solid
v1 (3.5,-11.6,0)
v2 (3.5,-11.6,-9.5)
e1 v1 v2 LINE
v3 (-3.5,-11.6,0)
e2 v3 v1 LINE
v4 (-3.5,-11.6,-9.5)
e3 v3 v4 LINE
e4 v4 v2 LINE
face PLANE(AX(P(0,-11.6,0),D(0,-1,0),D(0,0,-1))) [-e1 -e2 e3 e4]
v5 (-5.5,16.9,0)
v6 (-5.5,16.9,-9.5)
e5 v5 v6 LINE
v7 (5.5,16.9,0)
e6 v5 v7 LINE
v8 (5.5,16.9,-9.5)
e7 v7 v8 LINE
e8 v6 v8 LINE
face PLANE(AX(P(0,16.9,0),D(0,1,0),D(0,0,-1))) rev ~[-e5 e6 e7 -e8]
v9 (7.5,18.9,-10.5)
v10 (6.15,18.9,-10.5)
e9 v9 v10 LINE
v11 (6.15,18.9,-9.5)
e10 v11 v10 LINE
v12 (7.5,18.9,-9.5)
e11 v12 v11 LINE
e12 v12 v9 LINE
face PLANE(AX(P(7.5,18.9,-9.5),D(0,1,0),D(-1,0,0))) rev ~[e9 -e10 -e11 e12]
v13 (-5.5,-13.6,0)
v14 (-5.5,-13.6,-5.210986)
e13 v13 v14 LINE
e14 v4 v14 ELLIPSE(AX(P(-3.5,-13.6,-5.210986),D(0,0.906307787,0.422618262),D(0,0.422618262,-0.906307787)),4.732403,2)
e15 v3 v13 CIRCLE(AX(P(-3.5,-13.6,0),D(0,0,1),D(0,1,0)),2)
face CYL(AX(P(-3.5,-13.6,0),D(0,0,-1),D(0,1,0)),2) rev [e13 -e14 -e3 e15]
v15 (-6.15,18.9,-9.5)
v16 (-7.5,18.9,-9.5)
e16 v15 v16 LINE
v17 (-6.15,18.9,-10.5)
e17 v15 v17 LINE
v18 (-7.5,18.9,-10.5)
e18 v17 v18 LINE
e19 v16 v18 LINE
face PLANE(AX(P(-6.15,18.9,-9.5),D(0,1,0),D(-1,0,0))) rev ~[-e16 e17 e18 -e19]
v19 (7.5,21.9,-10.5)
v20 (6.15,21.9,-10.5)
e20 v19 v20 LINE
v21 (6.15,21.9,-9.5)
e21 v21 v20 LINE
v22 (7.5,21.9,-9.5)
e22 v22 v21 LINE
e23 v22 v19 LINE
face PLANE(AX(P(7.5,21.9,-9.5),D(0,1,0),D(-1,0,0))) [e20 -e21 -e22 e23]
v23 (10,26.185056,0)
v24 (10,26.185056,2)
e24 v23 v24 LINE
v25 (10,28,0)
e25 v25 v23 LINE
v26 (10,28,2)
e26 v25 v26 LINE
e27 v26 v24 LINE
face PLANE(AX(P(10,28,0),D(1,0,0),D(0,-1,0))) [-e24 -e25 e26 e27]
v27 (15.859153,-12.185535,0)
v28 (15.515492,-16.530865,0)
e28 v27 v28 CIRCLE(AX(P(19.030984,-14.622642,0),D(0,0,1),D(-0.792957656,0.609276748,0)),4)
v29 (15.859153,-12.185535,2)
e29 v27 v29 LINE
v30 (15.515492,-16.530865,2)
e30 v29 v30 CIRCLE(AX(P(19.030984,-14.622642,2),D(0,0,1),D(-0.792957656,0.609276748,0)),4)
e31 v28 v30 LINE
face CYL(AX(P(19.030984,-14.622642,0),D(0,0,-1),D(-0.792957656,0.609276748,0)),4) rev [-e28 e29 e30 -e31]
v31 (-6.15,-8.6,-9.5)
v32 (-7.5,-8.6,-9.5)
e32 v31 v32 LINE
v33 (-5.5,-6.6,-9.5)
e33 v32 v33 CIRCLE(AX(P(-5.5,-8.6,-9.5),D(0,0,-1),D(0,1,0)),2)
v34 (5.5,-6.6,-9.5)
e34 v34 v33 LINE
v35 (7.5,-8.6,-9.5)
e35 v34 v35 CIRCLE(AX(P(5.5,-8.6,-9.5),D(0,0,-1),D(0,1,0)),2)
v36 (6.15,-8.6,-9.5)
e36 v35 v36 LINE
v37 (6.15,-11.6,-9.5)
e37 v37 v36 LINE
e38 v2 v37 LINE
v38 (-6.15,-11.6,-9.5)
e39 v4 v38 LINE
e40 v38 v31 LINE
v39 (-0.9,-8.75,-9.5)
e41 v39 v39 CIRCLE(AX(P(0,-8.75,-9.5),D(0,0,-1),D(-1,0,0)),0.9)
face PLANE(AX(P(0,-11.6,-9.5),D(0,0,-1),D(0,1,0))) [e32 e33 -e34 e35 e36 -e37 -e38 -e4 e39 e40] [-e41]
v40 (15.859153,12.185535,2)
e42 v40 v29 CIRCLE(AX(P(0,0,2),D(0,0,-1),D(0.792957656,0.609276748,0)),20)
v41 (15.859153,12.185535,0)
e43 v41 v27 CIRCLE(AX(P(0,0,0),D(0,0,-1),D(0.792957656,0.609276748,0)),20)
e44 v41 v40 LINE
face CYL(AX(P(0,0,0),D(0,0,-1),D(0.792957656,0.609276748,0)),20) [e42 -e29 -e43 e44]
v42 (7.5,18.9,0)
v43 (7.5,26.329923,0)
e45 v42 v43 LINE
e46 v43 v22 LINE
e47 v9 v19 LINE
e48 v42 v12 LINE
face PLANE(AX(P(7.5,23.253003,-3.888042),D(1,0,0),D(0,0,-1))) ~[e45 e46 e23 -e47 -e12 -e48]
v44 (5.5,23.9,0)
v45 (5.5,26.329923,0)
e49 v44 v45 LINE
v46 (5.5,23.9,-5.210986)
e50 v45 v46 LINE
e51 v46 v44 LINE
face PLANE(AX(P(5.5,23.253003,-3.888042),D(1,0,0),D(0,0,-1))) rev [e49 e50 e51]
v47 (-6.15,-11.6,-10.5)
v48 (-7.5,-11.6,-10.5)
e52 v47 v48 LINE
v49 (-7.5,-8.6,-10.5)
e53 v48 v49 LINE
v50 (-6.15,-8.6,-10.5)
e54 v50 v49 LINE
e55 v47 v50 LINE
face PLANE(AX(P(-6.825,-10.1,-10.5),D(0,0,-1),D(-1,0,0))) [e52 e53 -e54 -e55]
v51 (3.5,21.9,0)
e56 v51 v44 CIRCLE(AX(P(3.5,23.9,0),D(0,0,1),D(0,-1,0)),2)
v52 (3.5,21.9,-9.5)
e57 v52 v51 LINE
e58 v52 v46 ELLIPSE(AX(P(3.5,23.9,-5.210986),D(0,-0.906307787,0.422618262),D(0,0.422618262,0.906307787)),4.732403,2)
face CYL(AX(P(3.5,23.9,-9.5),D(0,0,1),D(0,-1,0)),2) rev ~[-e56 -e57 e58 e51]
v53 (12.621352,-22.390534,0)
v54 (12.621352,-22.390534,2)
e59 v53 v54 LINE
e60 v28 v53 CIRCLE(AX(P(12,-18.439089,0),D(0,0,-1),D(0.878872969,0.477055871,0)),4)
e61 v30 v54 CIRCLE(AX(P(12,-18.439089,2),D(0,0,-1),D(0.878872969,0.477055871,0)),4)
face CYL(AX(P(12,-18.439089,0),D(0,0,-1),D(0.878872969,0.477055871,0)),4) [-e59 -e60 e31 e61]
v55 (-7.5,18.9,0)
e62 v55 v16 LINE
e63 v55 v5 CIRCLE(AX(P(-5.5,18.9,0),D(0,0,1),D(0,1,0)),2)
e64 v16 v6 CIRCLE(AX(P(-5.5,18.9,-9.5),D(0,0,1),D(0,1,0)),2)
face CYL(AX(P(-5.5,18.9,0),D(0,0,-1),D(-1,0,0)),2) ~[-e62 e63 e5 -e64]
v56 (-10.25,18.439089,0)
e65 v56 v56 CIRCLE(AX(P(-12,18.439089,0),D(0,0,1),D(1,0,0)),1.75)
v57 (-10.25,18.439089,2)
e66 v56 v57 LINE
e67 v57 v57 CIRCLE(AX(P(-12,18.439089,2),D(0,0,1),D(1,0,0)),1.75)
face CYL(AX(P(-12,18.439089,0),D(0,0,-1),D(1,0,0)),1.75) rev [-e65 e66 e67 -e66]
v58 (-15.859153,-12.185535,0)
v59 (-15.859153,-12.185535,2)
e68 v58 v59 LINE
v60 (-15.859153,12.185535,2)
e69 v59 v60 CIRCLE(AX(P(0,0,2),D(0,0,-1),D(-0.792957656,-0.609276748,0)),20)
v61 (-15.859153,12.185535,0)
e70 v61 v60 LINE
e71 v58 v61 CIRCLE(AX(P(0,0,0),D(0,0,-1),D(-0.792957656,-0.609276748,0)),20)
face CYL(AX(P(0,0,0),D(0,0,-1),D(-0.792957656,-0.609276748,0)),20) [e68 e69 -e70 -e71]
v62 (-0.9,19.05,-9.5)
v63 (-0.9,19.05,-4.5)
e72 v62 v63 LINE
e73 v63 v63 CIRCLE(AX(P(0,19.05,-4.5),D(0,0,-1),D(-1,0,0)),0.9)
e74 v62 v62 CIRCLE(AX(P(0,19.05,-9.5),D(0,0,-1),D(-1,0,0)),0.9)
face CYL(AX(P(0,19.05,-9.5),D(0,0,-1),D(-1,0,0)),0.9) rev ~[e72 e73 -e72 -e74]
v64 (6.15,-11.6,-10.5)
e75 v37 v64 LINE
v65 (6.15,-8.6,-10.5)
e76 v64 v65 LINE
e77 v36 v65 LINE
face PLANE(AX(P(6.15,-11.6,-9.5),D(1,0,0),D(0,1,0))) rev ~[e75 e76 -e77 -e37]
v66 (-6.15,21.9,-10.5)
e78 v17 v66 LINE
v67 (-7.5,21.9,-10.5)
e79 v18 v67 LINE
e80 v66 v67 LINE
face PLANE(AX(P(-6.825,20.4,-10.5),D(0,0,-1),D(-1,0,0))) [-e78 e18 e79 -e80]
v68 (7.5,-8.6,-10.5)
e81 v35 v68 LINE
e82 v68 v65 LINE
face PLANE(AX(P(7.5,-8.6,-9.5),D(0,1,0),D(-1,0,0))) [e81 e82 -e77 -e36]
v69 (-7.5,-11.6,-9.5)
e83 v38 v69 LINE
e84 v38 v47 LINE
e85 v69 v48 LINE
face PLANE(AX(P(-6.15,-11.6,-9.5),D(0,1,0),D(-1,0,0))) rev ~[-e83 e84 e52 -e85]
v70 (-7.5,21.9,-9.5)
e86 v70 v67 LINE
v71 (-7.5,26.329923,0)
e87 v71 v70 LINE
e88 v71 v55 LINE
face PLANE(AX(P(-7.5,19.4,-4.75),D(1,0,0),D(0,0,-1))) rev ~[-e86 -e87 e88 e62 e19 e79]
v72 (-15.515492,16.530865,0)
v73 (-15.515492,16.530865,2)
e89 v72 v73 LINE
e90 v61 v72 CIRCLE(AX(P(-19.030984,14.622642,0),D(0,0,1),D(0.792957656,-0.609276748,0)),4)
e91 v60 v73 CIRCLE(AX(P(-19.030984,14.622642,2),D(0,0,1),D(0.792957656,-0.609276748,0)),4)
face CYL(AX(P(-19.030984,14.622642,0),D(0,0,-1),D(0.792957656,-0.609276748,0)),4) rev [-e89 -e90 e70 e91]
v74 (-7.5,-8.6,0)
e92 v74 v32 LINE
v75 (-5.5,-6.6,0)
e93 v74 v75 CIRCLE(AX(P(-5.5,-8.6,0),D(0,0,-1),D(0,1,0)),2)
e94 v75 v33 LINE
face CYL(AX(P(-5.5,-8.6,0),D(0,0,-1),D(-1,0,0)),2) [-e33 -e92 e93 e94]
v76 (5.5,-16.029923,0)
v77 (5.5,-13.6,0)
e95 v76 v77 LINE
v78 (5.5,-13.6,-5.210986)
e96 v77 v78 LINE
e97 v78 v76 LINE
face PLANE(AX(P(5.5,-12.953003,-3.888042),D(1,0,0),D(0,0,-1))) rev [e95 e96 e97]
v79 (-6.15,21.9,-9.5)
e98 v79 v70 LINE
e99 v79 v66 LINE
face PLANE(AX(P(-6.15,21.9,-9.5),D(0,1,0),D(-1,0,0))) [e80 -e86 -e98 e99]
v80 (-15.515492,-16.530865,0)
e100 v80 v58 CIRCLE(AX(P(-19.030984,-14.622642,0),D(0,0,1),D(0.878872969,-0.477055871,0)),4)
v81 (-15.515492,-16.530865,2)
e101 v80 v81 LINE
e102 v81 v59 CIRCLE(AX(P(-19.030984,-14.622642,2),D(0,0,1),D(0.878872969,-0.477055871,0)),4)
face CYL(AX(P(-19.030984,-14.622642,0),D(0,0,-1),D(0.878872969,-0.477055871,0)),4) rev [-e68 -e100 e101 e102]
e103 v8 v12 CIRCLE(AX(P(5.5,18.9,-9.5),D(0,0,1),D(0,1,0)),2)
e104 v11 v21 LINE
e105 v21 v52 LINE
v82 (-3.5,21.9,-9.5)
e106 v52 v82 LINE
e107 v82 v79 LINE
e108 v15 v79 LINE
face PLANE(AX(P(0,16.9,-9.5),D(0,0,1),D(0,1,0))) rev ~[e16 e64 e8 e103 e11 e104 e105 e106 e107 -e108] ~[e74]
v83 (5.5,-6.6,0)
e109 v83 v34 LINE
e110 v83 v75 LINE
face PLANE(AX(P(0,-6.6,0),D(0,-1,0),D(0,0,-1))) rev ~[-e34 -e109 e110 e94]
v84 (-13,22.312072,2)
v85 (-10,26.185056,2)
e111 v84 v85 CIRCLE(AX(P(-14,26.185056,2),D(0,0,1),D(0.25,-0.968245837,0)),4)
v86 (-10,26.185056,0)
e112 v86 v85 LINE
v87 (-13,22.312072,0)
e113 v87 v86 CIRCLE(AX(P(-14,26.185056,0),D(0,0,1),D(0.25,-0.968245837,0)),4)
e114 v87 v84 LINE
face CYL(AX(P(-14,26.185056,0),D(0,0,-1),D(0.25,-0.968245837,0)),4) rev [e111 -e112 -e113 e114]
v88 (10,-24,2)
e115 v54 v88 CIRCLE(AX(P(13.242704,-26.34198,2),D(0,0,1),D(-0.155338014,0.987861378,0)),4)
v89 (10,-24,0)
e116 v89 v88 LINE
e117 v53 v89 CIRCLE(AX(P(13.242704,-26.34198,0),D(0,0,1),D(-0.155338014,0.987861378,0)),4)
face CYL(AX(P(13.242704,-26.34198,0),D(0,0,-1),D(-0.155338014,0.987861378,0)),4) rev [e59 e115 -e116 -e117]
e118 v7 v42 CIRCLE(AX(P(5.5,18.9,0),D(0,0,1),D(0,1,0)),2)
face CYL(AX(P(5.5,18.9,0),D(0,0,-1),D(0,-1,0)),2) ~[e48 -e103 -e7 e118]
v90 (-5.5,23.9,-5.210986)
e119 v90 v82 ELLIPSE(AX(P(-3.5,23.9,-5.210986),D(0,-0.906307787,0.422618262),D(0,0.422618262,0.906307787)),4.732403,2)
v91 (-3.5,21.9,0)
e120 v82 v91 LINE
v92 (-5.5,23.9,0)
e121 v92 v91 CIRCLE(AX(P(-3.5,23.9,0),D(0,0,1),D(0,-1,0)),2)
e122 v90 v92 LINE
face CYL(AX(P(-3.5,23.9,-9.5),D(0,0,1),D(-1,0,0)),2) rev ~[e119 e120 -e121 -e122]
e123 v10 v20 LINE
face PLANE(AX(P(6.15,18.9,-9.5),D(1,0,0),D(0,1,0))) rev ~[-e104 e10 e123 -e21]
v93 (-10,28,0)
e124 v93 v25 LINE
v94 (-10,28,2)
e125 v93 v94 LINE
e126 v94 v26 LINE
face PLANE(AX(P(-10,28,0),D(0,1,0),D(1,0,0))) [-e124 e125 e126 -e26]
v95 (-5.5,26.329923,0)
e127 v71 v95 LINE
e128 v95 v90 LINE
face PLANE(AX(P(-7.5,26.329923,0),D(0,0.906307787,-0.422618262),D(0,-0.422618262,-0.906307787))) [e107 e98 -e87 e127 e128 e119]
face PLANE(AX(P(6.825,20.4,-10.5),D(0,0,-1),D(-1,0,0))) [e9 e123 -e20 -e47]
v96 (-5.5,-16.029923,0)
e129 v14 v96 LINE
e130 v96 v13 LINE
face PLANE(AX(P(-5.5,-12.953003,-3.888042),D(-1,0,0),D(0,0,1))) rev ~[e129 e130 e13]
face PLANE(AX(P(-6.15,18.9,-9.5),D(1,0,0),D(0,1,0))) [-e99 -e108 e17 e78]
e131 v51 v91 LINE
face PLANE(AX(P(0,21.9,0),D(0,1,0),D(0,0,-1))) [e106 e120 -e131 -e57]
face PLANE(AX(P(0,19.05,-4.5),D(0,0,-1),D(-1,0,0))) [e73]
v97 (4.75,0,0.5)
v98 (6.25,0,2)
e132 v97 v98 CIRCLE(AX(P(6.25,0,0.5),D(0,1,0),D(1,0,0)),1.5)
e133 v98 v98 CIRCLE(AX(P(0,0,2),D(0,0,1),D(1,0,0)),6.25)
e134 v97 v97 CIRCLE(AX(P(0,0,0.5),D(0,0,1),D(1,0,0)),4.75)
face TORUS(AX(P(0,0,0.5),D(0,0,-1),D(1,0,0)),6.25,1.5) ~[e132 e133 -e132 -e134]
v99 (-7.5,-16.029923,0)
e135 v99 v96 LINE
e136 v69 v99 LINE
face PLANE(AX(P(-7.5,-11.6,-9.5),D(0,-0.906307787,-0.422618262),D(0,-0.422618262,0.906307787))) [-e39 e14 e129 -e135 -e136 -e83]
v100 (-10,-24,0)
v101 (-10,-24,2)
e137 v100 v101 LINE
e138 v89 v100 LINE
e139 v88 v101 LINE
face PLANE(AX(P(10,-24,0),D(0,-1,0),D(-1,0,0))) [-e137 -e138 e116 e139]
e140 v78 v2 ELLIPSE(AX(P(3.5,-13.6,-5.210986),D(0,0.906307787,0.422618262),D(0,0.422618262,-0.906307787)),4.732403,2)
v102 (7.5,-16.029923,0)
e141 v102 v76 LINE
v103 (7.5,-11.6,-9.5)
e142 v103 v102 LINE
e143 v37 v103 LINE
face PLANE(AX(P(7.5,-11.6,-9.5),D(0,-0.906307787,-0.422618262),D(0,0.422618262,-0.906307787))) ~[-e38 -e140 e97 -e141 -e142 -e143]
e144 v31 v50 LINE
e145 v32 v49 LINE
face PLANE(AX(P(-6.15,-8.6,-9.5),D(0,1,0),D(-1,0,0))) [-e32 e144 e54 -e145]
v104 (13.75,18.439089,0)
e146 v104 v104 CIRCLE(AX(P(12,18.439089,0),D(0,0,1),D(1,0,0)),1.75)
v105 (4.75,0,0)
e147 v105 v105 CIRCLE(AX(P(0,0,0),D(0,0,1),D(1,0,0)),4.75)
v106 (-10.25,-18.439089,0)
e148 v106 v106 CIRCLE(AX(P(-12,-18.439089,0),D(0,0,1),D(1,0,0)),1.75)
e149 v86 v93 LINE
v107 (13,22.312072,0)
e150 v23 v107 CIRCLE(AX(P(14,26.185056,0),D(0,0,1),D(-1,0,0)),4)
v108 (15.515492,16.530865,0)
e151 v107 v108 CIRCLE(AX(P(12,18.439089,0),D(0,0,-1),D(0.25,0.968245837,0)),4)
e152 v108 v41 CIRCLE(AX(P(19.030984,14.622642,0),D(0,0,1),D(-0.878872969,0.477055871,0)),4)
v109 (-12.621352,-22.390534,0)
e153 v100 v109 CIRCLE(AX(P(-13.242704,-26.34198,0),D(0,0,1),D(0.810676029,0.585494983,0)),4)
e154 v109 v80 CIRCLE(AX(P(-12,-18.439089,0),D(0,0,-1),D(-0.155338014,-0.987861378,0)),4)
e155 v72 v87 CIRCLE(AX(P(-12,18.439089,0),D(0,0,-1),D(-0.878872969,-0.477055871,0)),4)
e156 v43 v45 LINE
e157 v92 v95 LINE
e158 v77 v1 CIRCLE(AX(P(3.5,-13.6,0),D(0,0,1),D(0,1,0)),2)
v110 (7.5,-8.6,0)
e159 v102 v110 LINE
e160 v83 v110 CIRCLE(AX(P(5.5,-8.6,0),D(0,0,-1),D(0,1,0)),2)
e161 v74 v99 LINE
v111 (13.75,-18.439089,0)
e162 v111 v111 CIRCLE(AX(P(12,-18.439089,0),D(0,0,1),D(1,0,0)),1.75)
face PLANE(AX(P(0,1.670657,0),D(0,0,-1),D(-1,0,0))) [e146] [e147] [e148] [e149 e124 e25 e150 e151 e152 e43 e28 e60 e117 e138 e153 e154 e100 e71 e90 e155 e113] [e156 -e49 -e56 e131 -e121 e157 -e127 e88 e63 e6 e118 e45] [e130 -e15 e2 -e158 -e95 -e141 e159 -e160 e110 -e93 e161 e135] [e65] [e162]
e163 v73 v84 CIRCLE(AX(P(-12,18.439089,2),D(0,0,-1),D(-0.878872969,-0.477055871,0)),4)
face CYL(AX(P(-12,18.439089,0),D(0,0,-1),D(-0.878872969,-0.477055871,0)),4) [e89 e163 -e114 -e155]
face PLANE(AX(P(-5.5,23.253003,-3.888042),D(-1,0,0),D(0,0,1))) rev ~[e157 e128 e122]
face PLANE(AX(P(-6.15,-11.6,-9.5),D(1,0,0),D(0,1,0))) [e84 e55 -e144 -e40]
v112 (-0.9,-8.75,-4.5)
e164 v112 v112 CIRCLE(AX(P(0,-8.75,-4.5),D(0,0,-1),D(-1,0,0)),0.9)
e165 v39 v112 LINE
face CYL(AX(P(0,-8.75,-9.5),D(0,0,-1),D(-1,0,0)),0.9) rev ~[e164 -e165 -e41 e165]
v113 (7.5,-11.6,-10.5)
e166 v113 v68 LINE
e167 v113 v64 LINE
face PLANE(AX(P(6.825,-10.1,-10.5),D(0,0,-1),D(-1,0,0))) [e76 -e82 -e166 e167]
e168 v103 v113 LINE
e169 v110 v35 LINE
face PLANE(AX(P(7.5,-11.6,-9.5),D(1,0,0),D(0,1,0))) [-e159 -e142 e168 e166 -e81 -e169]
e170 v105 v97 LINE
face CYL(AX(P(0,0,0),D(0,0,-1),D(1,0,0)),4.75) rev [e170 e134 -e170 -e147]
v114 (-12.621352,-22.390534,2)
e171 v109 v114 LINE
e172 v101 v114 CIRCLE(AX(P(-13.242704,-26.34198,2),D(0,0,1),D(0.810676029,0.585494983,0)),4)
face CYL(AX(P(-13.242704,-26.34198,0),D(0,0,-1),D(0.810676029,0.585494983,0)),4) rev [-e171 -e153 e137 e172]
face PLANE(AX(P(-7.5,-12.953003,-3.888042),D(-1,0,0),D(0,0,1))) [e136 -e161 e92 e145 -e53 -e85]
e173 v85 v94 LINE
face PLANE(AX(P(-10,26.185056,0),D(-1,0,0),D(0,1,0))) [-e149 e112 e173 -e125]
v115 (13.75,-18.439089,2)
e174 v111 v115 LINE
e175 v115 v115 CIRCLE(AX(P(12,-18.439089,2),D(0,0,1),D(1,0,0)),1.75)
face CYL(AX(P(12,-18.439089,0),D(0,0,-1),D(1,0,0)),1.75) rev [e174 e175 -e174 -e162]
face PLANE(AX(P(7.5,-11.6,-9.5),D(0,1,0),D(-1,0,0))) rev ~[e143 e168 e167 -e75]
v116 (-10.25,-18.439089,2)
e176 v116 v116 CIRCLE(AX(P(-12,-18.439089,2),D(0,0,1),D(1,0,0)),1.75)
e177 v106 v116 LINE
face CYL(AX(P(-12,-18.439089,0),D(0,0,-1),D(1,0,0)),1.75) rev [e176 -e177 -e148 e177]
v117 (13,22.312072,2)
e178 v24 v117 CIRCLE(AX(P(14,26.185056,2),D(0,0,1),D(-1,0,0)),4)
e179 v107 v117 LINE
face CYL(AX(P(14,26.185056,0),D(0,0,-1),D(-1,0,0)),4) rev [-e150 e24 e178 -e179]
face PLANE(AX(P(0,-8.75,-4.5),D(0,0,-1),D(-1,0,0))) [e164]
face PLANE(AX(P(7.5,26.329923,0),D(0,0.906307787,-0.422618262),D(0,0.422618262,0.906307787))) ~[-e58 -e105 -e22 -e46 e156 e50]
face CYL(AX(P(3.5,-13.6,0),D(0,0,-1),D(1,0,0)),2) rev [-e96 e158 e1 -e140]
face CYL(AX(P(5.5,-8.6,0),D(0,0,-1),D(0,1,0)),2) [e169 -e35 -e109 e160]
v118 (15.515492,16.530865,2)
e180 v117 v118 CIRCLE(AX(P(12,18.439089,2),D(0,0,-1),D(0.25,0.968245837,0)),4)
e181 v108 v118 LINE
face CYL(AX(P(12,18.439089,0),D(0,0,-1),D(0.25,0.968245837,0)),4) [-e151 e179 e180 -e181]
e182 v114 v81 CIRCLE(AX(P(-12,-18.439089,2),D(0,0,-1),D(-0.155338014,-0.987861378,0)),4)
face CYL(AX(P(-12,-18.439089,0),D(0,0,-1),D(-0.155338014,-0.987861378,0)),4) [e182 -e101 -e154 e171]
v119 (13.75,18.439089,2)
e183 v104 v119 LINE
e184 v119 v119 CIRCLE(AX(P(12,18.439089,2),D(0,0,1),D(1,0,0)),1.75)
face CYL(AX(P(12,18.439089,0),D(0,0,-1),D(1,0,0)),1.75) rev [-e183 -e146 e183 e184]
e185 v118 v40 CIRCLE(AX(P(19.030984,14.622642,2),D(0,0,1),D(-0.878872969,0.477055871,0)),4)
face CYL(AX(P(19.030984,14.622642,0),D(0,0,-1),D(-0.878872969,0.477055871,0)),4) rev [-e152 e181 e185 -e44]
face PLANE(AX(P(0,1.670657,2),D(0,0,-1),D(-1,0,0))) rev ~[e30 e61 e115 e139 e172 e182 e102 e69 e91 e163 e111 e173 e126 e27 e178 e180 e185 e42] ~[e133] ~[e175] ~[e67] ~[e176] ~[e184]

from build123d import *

# Parameters (mm, degrees)
CROQUIS1_R              = 1.75
CROQUIS1_R_2            = 4.75
SALIENTE_EXTRUIR1_DEPTH = 2
REDONDEO1_R             = 1.5
CROQUIS2_W              = 9.5
CROQUIS2_H              = 5
SALIENTE_EXTRUIR2_DEPTH = 7.5
CROQUIS3_R              = 0.9
CORTAR_EXTRUIR1_DEPTH   = 5
SALIENTE_EXTRUIR3_DEPTH = 2
REDONDEO2_R             = 2
REDONDEO3_R             = 2
CROQUIS5_W              = 1.35
CROQUIS5_H              = 3
SALIENTE_EXTRUIR4_DEPTH = 1


with BuildPart() as part:
    # Croquis1 → Saliente-Extruir1 (new body)
    with BuildSketch(Plane.XY):
        with BuildLine():
            Line((10, -24), (8, -24))
            Line((8, -24), (-8, -24))
            Line((-8, -24), (-10, -24))
            ThreePointArc((-10, -24), (-11.149780948, -22.933215846), (-12.621352058, -22.390534425))
            ThreePointArc((-12.621352058, -22.390534425), (-15.586404832, -20.210444436), (-15.515491876, -16.530865429))
            ThreePointArc((-15.515491876, -16.530865429), (-15.043435032, -14.307276752), (-15.859153127, -12.185534953))
            ThreePointArc((-15.859153127, -12.185534953), (-20, 0), (-15.859153127, 12.185534953))
            ThreePointArc((-15.859153127, 12.185534953), (-15.043435032, 14.307276752), (-15.515491876, 16.530865429))
            ThreePointArc((-15.515491876, 16.530865429), (-15.667833806, 20.035019732), (-13, 22.312072261))
            ThreePointArc((-13, 22.312072261), (-10.83772234, 23.735565864), (-10, 26.185055607))
            Line((-10, 26.185055607), (-10, 28))
            Line((-10, 28), (10, 28))
            Line((10, 28), (10, 26.185055607))
            ThreePointArc((10, 26.185055607), (10.83772234, 23.735565864), (13, 22.312072261))
            ThreePointArc((13, 22.312072261), (15.667833806, 20.035019732), (15.515491876, 16.530865429))
            ThreePointArc((15.515491876, 16.530865429), (15.043435032, 14.307276752), (15.859153127, 12.185534953))
            ThreePointArc((15.859153127, 12.185534953), (20, 0), (15.859153127, -12.185534953))
            ThreePointArc((15.859153127, -12.185534953), (15.043435032, -14.307276752), (15.515491876, -16.530865429))
            ThreePointArc((15.515491876, -16.530865429), (15.586404832, -20.210444436), (12.621352058, -22.390534425))
            ThreePointArc((12.621352058, -22.390534425), (11.149780948, -22.933215846), (10, -24))
        make_face()
        with Locations((-12, -18.439088915)):
            Circle(CROQUIS1_R, mode=Mode.SUBTRACT)
        with Locations((12, -18.439088915)):
            Circle(CROQUIS1_R, mode=Mode.SUBTRACT)
        with Locations((12, 18.439088915)):
            Circle(CROQUIS1_R, mode=Mode.SUBTRACT)
        with Locations((-12, 18.439088915)):
            Circle(CROQUIS1_R, mode=Mode.SUBTRACT)
        Circle(CROQUIS1_R_2, mode=Mode.SUBTRACT)
    extrude(amount=SALIENTE_EXTRUIR1_DEPTH)

    # Redondeo1
    redondeo1_edges = [part.edges().sort_by_distance(p)[0] for p in [
        (-4.75, 0, 2),
    ]]
    fillet(redondeo1_edges, radius=REDONDEO1_R)

    # Croquis2 → Saliente-Extruir2 (add, symmetric)
    with BuildSketch(Plane(origin=(0, 0, 0), x_dir=(0, 0, -1), z_dir=(1, 0, 0))):
        with Locations((4.75, 19.4)):
            Rectangle(CROQUIS2_W, CROQUIS2_H)
        with Locations((4.75, -9.1)):
            Rectangle(CROQUIS2_W, CROQUIS2_H)
    extrude(amount=SALIENTE_EXTRUIR2_DEPTH, both=True)

    # Croquis3 → Cortar-Extruir1 (cut)
    with BuildSketch(Plane(origin=(0, 0, -9.5), x_dir=(-1, 0, 0), z_dir=(0, 0, -1))):
        with Locations((0, -8.75)):
            Circle(CROQUIS3_R)
        with Locations((0, 19.05)):
            Circle(CROQUIS3_R)
    extrude(amount=-CORTAR_EXTRUIR1_DEPTH, mode=Mode.SUBTRACT)

    # Croquis4 → Saliente-Extruir3 (add)
    with BuildSketch(Plane.ZY.offset(7.5)):
        Polygon((-9.5, -11.6), (0, -16.029922752), (0, -11.6), align=None)
        Polygon((-9.5, 21.9), (0, 21.9), (0, 26.329922752), align=None)
    saliente_extruir3 = extrude(amount=-SALIENTE_EXTRUIR3_DEPTH)

    # Simetría1: Saliente-Extruir3 across plane
    add(saliente_extruir3.mirror(Plane(origin=(0, 0, 0), x_dir=(0, 0, 1), z_dir=(1, 0, 0))))

    # Redondeo2
    redondeo2_edges = [part.edges().sort_by_distance(p)[0] for p in [
        (-5.5, -11.6, -4.75),
        (-5.5, 21.9, -4.75),
        (5.5, -11.6, -4.75),
        (5.5, 21.9, -4.75),
    ]]
    fillet(redondeo2_edges, radius=REDONDEO2_R)

    # Redondeo3
    redondeo3_edges = [part.edges().sort_by_distance(p)[0] for p in [
        (-7.5, 16.9, -4.75),
        (7.5, 16.9, -4.75),
        (-7.5, -6.6, -4.75),
        (7.5, -6.6, -4.75),
    ]]
    fillet(redondeo3_edges, radius=REDONDEO3_R)

    # Croquis5 → Saliente-Extruir4 (add)
    with BuildSketch(Plane(origin=(0, 0, -9.5), x_dir=(-1, 0, 0), z_dir=(0, 0, -1))):
        with Locations((-6.825, -10.1)):
            Rectangle(CROQUIS5_W, CROQUIS5_H)
        with Locations((6.825, -10.1)):
            Rectangle(CROQUIS5_W, CROQUIS5_H)
        with Locations((6.825, 20.4)):
            Rectangle(CROQUIS5_W, CROQUIS5_H)
        with Locations((-6.825, 20.4)):
            Rectangle(CROQUIS5_W, CROQUIS5_H)
    extrude(amount=SALIENTE_EXTRUIR4_DEPTH)


solid = part.part
